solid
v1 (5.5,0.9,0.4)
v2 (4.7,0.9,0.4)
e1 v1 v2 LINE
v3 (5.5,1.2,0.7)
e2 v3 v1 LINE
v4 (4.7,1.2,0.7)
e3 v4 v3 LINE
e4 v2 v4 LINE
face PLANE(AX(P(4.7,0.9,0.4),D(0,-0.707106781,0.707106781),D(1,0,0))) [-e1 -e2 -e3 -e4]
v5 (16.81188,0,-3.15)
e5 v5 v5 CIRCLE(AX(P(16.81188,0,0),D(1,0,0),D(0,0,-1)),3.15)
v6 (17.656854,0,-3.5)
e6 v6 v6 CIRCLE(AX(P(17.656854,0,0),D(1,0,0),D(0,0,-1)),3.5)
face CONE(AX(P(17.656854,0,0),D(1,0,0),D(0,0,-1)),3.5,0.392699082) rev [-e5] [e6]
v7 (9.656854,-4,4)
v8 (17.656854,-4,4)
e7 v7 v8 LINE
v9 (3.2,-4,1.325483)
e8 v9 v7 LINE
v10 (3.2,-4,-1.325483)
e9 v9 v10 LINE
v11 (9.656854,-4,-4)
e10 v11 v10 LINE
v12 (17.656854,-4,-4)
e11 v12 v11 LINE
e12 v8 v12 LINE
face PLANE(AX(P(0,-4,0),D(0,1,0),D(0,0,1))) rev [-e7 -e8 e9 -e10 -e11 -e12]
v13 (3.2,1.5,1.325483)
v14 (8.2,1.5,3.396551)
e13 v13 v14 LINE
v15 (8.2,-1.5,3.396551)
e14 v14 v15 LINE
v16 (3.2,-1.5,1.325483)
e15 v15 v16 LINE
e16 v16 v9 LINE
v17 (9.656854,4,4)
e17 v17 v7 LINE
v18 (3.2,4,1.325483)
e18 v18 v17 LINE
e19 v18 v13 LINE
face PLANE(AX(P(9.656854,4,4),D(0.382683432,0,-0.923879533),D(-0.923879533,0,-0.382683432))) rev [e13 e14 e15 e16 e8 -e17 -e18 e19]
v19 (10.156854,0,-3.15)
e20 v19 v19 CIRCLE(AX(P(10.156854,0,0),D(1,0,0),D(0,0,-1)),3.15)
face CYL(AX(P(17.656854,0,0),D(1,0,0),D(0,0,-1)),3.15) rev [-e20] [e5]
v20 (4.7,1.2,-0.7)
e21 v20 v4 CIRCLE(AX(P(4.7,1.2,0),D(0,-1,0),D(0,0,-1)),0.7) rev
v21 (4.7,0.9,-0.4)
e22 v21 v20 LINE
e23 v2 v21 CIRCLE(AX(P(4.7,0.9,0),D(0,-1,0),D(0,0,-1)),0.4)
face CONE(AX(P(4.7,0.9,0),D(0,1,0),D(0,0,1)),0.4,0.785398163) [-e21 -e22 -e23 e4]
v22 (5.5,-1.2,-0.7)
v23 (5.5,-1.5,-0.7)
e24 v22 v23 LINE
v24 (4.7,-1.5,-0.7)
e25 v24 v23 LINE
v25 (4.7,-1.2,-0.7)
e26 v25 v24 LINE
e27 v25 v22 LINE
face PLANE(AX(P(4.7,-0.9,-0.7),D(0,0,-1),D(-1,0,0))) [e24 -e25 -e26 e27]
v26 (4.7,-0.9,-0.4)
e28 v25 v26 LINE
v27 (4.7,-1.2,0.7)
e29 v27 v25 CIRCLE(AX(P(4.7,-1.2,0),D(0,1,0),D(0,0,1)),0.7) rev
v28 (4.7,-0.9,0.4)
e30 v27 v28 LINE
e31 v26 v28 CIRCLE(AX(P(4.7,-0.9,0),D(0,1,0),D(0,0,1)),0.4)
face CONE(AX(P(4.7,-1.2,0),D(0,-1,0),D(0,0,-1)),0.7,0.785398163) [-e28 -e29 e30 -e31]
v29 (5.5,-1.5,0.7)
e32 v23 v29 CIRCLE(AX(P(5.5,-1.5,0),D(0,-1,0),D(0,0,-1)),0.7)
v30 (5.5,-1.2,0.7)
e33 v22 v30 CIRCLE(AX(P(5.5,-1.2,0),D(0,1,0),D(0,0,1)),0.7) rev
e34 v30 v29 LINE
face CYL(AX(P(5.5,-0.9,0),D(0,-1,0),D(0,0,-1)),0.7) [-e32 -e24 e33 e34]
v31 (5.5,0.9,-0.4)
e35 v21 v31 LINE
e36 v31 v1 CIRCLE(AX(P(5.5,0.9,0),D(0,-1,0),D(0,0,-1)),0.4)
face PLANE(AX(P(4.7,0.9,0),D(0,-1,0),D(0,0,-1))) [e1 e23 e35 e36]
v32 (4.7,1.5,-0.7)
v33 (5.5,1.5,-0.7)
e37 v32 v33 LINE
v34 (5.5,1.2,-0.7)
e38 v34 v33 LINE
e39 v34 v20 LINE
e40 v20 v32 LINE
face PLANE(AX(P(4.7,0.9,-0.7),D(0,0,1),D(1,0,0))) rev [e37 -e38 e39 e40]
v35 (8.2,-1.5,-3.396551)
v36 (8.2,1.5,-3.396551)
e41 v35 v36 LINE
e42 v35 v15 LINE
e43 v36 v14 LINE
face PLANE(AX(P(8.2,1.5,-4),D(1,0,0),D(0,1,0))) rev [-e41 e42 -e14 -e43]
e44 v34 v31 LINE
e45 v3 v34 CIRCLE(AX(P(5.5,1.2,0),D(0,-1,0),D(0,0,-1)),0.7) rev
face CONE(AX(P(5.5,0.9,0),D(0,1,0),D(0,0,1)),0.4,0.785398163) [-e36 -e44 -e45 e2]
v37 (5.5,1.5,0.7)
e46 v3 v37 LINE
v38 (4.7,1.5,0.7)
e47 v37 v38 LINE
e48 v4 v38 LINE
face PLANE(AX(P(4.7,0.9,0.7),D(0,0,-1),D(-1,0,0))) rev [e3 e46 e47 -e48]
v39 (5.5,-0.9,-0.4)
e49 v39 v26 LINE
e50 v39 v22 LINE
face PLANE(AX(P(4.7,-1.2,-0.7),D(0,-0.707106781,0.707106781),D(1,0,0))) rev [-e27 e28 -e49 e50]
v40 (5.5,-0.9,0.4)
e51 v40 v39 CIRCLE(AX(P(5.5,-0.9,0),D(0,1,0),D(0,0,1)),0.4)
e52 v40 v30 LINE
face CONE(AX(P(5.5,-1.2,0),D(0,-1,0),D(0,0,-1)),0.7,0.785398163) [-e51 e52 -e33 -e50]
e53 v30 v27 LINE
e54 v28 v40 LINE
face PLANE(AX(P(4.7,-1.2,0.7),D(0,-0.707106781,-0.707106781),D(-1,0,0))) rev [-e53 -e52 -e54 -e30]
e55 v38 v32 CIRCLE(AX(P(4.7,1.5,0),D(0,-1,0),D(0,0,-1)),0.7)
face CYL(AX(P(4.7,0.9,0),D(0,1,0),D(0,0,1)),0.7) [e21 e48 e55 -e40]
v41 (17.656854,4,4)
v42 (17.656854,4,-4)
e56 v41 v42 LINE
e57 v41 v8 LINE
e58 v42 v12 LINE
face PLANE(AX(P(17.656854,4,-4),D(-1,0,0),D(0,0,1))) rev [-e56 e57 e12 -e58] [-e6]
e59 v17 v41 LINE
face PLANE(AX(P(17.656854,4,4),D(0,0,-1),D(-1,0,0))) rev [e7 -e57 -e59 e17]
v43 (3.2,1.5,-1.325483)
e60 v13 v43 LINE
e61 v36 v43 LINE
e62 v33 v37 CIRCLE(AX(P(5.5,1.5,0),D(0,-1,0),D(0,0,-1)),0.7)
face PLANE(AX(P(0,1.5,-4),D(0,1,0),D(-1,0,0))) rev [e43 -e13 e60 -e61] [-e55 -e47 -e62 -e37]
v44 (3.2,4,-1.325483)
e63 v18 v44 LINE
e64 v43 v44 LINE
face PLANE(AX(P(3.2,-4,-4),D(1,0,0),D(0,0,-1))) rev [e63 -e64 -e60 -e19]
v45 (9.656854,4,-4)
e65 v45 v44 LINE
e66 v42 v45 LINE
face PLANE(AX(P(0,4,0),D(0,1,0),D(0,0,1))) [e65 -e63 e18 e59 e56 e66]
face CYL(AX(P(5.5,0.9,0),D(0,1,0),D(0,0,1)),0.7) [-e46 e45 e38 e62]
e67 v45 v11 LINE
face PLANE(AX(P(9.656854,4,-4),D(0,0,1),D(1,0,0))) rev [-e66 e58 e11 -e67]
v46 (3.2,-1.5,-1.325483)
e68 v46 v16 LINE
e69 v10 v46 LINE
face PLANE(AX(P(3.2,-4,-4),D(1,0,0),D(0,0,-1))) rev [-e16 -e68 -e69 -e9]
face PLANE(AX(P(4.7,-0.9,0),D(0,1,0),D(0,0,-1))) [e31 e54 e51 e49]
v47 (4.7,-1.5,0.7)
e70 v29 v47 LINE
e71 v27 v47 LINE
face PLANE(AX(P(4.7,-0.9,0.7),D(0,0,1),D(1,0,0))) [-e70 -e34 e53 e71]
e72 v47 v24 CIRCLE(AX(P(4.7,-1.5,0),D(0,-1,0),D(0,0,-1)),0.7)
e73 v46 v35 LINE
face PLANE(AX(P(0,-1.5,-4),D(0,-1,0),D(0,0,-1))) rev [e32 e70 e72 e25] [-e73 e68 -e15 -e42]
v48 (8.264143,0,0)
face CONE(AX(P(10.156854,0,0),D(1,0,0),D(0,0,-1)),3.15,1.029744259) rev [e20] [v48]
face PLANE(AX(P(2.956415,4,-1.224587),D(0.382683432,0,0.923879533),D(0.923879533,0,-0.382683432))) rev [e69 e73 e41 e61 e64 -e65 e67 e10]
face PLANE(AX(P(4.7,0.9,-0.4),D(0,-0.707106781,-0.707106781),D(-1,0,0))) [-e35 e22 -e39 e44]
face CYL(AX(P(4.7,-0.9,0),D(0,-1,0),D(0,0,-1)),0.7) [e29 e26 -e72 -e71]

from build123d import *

# Parameters (mm, degrees)
AUFSATZ_LINEAR_AUSTRAGEN1_DEPTH            = 4
SCHNITT_LINEAR_AUSTRAGEN1_DEPTH            = 19.540887303
SCHNITT_LINEAR_AUSTRAGEN1_DEPTH_BACK       = 19.540887303
SKIZZE2_W                                  = 8.2
SKIZZE2_H                                  = 3
AUFSATZ_LINEAR_AUSTRAGEN2_DEPTH            = 0.6
FASE1_SIZE                                 = 0.3
FASE1_OF_SPIEGELN1_SIZE                    = 0.3
SCHNITT_LINEAR_AUSTRAGEN2_DEPTH            = 19.540887303
SCHNITT_LINEAR_AUSTRAGEN2_DEPTH_BACK       = 19.540887303
SKIZZE10_W                                 = 3.2
SKIZZE10_H                                 = 8
F_6_3_6_3_DURCHMESSER_BOHRUNG1_D           = 6.3
F_6_3_6_3_DURCHMESSER_BOHRUNG1_DEPTH       = 7.5
F_6_3_6_3_DURCHMESSER_BOHRUNG1_CSINK_D     = 7
F_6_3_6_3_DURCHMESSER_BOHRUNG1_CSINK_ANGLE = 45
F_6_3_6_3_DURCHMESSER_BOHRUNG1_TIP         = 1.89271095


with BuildPart() as part:
    # Skizze1 → Aufsatz-Linear austragen1 (new, symmetric)
    with BuildSketch(Plane(origin=(0, 0, 0), x_dir=(1, 0, 0), z_dir=(0, 1, 0))):
        with BuildLine():
            Line((2.956414504, 1.224586984), (9.656854249, 4))
            Line((9.656854249, 4), (17.656854249, 4))
            Line((17.656854249, 4), (17.656854249, -4))
            Line((17.656854249, -4), (9.656854249, -4))
            Line((9.656854249, -4), (2.956414504, -1.224586984))
            ThreePointArc((2.956414504, -1.224586984), (3.2, 0), (2.956414504, 1.224586984))
        make_face()
    extrude(amount=AUFSATZ_LINEAR_AUSTRAGEN1_DEPTH, both=True)

    # Skizze2 → Schnitt-Linear austragen1 (cut, two sides: drawn at the far end of the back side and taken through both)
    with BuildSketch(Plane.XY.offset(-SCHNITT_LINEAR_AUSTRAGEN1_DEPTH_BACK)):
        with Locations((4.1, 0)):
            Rectangle(SKIZZE2_W, SKIZZE2_H)
    extrude(amount=SCHNITT_LINEAR_AUSTRAGEN1_DEPTH + SCHNITT_LINEAR_AUSTRAGEN1_DEPTH_BACK, mode=Mode.SUBTRACT)

    # Skizze7 → Aufsatz-Linear austragen2 (add)
    with BuildSketch(Plane.XZ.offset(-1.5)):
        with BuildLine():
            Line((4.7, 0.7), (5.5, 0.7))
            ThreePointArc((5.5, 0.7), (6.2, 0), (5.5, -0.7))
            Line((5.5, -0.7), (4.7, -0.7))
            ThreePointArc((4.7, -0.7), (4, 0), (4.7, 0.7))
        make_face()
    aufsatz_linear_austragen2 = extrude(amount=AUFSATZ_LINEAR_AUSTRAGEN2_DEPTH)

    # Fase1
    fase1_edges = [part.edges().sort_by_distance(p)[0] for p in [
        (4, 0.9, 0),
        (5.1, 0.9, -0.7),
        (6.2, 0.9, 0),
        (5.1, 0.9, 0.7),
    ]]
    chamfer(fase1_edges, length=FASE1_SIZE)

    # Spiegeln1: Aufsatz-Linear austragen2 across plane
    add(aufsatz_linear_austragen2.mirror(Plane.ZX))

    # Fase1 of Spiegeln1
    fase1_of_spiegeln1_edges = [part.edges().sort_by_distance(p)[0] for p in [
        (4, -0.9, 0),
        (5.1, -0.9, -0.7),
        (6.2, -0.9, 0),
        (5.1, -0.9, 0.7),
    ]]
    chamfer(fase1_of_spiegeln1_edges, length=FASE1_OF_SPIEGELN1_SIZE)

    # Skizze10 → Schnitt-Linear austragen2 (cut, two sides: drawn at the far end of the back side and taken through both)
    with BuildSketch(Plane(origin=(0, 0, 0), x_dir=(1, 0, 0), z_dir=(0, 1, 0)).offset(-SCHNITT_LINEAR_AUSTRAGEN2_DEPTH_BACK)):
        with Locations((1.6, 0)):
            Rectangle(SKIZZE10_W, SKIZZE10_H)
    extrude(amount=SCHNITT_LINEAR_AUSTRAGEN2_DEPTH + SCHNITT_LINEAR_AUSTRAGEN2_DEPTH_BACK, mode=Mode.SUBTRACT)

    # Ø6.3 (6.3) Durchmesser Bohrung1
    with Locations(Plane(origin=(17.656854249, 0, 0), x_dir=(0, 0, -1), z_dir=(1, 0, 0))):
        with Locations((0, 0)):
            CounterSinkHole(F_6_3_6_3_DURCHMESSER_BOHRUNG1_D / 2, F_6_3_6_3_DURCHMESSER_BOHRUNG1_CSINK_D / 2, depth=F_6_3_6_3_DURCHMESSER_BOHRUNG1_DEPTH, counter_sink_angle=F_6_3_6_3_DURCHMESSER_BOHRUNG1_CSINK_ANGLE)
            with Locations((0, 0, -(F_6_3_6_3_DURCHMESSER_BOHRUNG1_DEPTH + F_6_3_6_3_DURCHMESSER_BOHRUNG1_TIP / 2))):  # 118° drill point
                Cone(0, F_6_3_6_3_DURCHMESSER_BOHRUNG1_D / 2, F_6_3_6_3_DURCHMESSER_BOHRUNG1_TIP, mode=Mode.SUBTRACT)


solid = part.part
